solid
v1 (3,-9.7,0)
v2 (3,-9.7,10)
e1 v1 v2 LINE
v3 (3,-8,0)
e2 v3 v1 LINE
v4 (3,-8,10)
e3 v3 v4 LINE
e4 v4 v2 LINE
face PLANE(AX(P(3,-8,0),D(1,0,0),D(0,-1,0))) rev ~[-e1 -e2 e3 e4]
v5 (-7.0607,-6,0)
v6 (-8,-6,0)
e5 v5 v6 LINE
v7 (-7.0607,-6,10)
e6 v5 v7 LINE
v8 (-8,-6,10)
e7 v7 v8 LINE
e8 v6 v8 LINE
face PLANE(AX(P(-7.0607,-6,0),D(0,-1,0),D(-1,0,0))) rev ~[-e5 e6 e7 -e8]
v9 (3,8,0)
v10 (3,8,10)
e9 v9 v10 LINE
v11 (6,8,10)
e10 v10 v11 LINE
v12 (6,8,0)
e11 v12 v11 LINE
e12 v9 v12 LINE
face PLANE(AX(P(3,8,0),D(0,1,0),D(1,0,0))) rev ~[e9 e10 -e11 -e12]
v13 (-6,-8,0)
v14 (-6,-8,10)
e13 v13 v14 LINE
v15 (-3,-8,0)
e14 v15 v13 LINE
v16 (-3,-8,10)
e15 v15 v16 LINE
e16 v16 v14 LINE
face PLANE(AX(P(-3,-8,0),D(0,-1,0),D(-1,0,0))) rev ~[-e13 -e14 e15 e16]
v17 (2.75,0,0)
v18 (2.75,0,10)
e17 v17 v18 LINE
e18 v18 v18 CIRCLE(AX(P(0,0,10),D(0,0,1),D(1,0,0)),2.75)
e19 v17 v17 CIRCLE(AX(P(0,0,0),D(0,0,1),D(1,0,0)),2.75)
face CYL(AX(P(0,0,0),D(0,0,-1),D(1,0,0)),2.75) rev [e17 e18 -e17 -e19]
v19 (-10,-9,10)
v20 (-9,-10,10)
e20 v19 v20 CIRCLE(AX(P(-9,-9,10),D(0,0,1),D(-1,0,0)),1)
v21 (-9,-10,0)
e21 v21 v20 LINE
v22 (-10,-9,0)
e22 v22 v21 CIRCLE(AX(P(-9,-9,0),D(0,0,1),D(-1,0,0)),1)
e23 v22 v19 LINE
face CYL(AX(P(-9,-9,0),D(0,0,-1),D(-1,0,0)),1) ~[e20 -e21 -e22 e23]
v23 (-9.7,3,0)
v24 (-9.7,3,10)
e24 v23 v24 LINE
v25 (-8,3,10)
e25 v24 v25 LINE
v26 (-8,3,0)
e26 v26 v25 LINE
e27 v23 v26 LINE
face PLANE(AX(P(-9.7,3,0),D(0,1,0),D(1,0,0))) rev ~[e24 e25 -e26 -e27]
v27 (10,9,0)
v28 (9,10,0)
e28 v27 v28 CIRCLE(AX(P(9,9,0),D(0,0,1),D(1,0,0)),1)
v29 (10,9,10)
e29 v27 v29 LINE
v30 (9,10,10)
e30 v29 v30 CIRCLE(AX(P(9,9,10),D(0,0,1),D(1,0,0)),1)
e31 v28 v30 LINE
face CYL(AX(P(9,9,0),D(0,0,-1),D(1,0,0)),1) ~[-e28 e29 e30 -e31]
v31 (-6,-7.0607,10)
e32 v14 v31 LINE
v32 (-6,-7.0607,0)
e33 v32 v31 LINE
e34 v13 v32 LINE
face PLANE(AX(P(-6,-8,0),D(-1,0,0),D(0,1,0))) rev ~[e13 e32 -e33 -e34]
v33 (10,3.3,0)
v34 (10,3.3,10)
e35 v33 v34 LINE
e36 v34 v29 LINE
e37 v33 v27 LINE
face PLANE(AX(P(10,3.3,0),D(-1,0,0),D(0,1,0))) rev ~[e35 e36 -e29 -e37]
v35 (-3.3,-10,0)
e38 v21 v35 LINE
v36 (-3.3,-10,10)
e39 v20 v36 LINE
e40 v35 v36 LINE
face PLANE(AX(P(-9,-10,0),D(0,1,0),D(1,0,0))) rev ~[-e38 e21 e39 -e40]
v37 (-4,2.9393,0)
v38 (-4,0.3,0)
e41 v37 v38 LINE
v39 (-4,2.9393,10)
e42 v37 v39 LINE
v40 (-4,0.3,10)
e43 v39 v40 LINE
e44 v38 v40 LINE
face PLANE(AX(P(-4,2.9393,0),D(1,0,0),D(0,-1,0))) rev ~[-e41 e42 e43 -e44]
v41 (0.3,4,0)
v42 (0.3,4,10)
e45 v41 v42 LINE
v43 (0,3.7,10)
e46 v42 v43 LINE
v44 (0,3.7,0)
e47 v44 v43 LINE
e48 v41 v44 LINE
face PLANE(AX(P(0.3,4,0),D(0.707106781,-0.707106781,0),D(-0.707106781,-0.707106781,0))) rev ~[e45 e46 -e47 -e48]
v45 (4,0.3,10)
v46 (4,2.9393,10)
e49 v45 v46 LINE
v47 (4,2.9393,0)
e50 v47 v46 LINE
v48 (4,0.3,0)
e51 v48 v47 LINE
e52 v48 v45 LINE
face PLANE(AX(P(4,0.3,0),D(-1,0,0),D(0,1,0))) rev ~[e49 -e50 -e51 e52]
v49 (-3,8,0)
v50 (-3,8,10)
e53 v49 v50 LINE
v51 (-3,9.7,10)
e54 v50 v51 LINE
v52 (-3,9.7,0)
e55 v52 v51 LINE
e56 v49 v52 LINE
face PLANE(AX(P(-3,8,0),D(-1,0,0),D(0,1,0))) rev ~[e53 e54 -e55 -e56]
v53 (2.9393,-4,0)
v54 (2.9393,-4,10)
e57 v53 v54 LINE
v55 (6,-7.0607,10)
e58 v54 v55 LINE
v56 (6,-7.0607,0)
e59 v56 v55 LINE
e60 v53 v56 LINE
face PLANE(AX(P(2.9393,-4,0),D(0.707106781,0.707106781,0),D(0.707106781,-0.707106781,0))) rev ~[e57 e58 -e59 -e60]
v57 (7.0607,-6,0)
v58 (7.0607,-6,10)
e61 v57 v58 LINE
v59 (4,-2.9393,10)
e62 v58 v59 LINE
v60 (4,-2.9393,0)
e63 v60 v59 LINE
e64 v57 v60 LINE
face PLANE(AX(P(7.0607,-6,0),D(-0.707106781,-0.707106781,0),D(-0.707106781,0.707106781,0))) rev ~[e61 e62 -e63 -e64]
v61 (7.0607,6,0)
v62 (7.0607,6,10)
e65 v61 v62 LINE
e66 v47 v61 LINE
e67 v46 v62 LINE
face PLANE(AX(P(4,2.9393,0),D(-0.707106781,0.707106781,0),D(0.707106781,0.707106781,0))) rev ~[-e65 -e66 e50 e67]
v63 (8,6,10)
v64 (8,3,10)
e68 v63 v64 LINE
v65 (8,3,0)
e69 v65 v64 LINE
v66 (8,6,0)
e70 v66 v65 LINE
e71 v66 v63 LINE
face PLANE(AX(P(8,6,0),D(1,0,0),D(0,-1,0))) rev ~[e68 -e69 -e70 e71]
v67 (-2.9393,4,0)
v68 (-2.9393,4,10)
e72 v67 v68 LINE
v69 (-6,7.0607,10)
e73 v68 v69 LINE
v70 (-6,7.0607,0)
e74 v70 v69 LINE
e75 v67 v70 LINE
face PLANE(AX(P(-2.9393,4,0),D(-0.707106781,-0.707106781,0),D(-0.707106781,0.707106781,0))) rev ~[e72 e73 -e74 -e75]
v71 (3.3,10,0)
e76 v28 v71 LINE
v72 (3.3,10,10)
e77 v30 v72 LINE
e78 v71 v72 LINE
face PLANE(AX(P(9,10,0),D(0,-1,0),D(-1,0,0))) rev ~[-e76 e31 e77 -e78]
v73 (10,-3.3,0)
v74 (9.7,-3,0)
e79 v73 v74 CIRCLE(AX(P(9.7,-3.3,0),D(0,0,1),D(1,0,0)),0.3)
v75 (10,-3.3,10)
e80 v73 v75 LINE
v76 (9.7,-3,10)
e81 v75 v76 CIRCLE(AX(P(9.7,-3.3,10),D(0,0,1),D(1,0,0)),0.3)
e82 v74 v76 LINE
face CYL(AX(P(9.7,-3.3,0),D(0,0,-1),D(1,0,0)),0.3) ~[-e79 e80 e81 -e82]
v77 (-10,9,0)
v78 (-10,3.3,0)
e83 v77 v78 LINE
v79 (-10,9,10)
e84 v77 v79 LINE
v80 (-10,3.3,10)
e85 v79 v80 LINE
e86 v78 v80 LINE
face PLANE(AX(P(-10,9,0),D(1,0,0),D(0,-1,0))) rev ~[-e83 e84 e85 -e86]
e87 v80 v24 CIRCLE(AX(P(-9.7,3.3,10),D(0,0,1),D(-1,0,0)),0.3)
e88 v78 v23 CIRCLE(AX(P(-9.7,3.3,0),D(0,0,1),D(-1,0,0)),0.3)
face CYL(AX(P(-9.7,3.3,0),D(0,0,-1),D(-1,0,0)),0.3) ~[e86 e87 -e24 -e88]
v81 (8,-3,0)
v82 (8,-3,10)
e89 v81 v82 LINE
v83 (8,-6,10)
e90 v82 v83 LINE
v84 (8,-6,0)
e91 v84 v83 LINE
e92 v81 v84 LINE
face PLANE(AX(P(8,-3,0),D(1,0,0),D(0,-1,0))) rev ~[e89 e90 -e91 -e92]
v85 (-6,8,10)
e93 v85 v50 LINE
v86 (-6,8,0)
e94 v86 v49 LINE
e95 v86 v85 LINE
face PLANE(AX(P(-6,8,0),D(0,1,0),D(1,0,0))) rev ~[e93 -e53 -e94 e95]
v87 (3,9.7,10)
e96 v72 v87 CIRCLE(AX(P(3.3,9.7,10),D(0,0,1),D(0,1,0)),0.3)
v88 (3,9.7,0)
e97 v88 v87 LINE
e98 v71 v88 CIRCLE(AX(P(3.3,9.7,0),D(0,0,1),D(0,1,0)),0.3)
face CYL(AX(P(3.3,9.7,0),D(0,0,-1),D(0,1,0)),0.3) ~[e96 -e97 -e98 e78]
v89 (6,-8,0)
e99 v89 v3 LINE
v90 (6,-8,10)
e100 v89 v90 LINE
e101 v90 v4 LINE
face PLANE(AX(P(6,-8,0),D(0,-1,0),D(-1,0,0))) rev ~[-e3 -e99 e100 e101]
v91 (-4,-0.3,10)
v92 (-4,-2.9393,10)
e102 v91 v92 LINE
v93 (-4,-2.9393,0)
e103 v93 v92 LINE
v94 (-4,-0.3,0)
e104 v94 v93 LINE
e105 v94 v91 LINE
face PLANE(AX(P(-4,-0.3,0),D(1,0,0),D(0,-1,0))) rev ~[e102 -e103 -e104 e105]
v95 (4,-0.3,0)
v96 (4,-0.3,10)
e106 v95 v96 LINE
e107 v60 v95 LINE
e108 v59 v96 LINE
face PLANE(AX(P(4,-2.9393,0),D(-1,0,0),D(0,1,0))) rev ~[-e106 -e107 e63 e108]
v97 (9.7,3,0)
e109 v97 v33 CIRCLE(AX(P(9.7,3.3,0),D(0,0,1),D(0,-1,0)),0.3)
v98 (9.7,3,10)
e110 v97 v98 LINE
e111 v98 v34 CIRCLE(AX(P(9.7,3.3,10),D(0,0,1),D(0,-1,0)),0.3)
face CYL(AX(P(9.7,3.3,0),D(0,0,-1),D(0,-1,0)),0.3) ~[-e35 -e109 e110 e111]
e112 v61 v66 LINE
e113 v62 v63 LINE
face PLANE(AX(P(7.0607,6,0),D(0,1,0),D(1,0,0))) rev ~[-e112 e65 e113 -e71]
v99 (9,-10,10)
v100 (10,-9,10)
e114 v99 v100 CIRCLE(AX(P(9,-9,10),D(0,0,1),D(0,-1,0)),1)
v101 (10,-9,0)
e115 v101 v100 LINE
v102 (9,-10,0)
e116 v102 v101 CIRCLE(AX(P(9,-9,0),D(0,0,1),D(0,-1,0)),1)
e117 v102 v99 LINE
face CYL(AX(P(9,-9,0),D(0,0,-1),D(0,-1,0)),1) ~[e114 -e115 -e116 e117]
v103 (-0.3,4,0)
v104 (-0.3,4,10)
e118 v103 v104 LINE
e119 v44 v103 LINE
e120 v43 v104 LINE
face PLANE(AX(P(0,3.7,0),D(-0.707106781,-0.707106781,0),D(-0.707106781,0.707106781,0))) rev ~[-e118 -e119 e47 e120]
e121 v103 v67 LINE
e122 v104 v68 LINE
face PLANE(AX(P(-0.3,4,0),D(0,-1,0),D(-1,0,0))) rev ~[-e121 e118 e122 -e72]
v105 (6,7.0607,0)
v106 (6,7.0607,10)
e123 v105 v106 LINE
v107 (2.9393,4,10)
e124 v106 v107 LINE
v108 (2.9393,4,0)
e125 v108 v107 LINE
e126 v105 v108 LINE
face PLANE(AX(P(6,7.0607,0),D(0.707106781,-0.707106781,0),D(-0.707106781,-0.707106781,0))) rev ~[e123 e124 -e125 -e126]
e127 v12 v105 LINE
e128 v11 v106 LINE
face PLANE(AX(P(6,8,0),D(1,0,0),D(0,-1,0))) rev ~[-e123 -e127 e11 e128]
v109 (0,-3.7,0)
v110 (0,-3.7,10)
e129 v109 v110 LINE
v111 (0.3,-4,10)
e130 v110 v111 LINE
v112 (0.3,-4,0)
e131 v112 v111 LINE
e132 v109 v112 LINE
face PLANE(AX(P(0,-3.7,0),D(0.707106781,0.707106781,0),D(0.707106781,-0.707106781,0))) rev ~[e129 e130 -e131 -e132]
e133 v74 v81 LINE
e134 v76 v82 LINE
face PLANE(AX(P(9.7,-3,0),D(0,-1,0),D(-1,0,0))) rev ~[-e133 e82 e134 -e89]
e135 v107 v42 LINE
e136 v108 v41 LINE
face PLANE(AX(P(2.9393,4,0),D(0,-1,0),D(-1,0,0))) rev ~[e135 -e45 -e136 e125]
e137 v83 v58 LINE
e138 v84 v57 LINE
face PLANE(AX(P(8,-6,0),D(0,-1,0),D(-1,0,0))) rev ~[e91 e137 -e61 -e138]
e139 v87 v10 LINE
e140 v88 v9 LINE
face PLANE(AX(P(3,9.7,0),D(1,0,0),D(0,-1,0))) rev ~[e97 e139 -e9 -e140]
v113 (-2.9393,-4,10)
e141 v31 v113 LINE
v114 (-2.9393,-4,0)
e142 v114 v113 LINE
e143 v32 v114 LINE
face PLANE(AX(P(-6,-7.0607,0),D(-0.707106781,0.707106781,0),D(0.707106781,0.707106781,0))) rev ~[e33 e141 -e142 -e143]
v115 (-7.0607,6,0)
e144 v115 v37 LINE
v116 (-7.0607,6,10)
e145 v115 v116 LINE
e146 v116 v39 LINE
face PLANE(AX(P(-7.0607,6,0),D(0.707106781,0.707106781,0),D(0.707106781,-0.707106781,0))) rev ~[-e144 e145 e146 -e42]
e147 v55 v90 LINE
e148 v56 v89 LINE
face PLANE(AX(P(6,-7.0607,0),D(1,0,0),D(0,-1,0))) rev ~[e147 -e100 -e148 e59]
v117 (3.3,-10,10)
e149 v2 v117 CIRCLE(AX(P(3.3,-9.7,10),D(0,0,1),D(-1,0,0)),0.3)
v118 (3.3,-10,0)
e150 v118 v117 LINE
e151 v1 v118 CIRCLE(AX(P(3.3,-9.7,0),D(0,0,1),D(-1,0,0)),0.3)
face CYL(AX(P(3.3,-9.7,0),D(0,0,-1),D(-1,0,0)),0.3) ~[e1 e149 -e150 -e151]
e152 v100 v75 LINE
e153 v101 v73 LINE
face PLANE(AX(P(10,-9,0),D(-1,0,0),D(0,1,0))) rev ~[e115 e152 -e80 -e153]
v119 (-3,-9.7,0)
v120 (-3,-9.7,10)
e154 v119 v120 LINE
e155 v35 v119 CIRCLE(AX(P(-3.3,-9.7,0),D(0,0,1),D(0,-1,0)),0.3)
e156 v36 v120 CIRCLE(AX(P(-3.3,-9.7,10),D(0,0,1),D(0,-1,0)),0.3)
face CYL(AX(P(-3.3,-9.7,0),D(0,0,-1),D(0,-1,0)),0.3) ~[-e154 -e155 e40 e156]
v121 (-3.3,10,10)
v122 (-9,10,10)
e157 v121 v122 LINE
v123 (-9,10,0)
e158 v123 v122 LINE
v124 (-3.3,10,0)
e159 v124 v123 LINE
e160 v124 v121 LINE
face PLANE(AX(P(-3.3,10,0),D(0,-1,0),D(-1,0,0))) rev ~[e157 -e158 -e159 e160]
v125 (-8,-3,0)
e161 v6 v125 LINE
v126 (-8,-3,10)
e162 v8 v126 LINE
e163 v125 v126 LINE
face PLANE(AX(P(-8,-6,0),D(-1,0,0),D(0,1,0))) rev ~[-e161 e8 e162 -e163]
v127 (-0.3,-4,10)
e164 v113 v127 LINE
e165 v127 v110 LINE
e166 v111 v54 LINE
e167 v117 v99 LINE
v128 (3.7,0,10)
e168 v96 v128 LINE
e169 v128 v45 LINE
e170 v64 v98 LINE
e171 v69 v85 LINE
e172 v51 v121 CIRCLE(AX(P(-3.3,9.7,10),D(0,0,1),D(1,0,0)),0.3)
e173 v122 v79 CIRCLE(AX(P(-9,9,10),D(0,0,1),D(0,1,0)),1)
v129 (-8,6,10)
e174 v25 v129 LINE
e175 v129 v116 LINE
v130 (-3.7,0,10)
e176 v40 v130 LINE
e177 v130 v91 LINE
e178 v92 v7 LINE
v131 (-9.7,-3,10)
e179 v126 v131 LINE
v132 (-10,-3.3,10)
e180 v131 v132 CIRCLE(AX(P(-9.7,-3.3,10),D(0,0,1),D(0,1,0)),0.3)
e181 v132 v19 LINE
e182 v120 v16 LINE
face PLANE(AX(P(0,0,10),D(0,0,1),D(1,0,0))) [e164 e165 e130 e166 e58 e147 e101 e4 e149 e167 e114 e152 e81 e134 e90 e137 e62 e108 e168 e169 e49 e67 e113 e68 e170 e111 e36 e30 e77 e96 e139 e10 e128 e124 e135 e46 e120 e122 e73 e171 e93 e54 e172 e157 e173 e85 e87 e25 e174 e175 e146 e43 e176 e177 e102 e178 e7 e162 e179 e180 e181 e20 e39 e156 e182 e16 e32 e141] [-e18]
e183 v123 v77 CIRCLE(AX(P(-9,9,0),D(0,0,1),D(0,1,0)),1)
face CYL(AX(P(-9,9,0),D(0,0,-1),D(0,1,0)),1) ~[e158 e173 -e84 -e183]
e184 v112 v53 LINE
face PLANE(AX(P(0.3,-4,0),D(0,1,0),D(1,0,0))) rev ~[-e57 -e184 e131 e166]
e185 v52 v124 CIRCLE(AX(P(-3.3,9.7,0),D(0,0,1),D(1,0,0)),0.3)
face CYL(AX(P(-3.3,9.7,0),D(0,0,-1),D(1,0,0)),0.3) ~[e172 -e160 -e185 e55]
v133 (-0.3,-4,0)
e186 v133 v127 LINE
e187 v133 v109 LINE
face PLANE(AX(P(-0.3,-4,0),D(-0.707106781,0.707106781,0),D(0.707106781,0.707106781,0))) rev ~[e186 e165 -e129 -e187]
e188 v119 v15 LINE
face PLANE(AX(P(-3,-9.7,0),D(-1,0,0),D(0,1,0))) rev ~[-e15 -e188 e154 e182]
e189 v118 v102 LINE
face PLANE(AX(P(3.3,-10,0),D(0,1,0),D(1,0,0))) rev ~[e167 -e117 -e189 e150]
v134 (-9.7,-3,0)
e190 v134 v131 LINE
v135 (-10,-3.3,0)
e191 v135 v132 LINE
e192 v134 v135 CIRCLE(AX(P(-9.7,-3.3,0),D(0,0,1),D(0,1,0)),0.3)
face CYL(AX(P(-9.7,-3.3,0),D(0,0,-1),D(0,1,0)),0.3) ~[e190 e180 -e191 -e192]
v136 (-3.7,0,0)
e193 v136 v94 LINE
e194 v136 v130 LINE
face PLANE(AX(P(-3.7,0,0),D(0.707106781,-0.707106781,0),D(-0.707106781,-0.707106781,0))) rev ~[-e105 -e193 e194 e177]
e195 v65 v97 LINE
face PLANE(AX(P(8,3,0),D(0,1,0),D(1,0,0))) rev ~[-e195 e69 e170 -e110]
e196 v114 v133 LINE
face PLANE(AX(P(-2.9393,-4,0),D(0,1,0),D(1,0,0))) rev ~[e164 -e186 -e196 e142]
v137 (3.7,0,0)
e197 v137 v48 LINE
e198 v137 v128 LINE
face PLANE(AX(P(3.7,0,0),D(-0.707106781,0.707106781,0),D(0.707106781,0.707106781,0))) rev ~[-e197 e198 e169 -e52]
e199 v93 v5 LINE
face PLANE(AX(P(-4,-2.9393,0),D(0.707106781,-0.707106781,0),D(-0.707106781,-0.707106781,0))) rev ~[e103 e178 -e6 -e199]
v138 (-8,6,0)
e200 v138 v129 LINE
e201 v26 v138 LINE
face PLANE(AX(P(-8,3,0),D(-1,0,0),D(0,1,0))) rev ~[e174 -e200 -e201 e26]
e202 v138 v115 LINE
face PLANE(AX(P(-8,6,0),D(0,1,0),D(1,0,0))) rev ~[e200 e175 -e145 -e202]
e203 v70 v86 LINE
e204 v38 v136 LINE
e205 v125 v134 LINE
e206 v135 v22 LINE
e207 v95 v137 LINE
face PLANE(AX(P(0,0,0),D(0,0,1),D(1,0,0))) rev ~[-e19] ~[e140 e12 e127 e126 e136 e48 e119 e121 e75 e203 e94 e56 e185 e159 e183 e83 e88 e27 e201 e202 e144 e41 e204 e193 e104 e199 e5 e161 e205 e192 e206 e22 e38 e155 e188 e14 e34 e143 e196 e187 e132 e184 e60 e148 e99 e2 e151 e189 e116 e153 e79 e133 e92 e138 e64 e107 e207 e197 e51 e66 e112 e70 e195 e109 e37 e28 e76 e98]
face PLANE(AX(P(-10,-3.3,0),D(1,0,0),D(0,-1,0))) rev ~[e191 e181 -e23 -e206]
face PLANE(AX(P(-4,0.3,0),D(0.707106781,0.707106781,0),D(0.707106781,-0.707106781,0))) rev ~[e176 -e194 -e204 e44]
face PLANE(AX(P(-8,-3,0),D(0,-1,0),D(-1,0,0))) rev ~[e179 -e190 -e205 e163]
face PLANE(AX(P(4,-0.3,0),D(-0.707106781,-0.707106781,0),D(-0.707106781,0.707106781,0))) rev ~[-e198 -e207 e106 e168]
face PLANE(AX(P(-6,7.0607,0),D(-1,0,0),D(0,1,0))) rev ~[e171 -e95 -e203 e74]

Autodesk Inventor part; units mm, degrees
ref_plane "Startebene" through (0, 0, 0) normal (0, 0, 1) x (1, 0, 0)
ref_plane "Endebene" through (0, 0, 320) normal (0, 0, 1) x (1, 0, 0)
ref_plane "Startebene1" through (0, 0, 0) normal (0, 0, 1) x (1, 0, 0)
ref_plane "Endebene1" through (0, 0, 10) normal (0, 0, 1) x (1, 0, 0)
ref_plane "Startebene2" through (0, 0, 0) normal (0, 0, 1) x (1, 0, 0)
ref_plane "Endebene2" through (0, 0, 10) normal (0, 0, 1) x (1, 0, 0)
sketch "Skizze" plane through (0, 0, 0) normal (0, 0, 1) x (1, 0, 0)
  line L0 (-10, 9) -> (-10, 3.3)
  arc A0 (-10, 3.3) -> (-9.7, 3) centre (-9.7, 3.3) ccw
  line L1 (-9.7, 3) -> (-8, 3)
  line L2 (-8, 3) -> (-8, 6)
  line L3 (-8, 6) -> (-7.0607, 6)
  line L4 (-7.0607, 6) -> (-4, 2.9393)
  line L5 (-4, 2.9393) -> (-4, 0.3)
  line L6 (-4, 0.3) -> (-3.7, 0)
  line L7 (-3.7, 0) -> (-4, -0.3)
  line L8 (-4, -0.3) -> (-4, -2.9393)
  line L9 (-4, -2.9393) -> (-7.0607, -6)
  line L10 (-7.0607, -6) -> (-8, -6)
  line L11 (-8, -6) -> (-8, -3)
  line L12 (-8, -3) -> (-9.7, -3)
  arc A1 (-9.7, -3) -> (-10, -3.3) centre (-9.7, -3.3) ccw
  line L13 (-10, -3.3) -> (-10, -9)
  arc A2 (-10, -9) -> (-9, -10) centre (-9, -9) ccw
  line L14 (-9, -10) -> (-3.3, -10)
  arc A3 (-3.3, -10) -> (-3, -9.7) centre (-3.3, -9.7) ccw
  line L15 (-3, -9.7) -> (-3, -8)
  line L16 (-3, -8) -> (-6, -8)
  line L17 (-6, -8) -> (-6, -7.0607)
  line L18 (-6, -7.0607) -> (-2.9393, -4)
  line L19 (-2.9393, -4) -> (-0.3, -4)
  line L20 (-0.3, -4) -> (0, -3.7)
  line L21 (0, -3.7) -> (0.3, -4)
  line L22 (0.3, -4) -> (2.9393, -4)
  line L23 (2.9393, -4) -> (6, -7.0607)
  line L24 (6, -7.0607) -> (6, -8)
  line L25 (6, -8) -> (3, -8)
  line L26 (3, -8) -> (3, -9.7)
  arc A4 (3, -9.7) -> (3.3, -10) centre (3.3, -9.7) ccw
  line L27 (3.3, -10) -> (9, -10)
  arc A5 (9, -10) -> (10, -9) centre (9, -9) ccw
  line L28 (10, -9) -> (10, -3.3)
  arc A6 (10, -3.3) -> (9.7, -3) centre (9.7, -3.3) ccw
  line L29 (9.7, -3) -> (8, -3)
  line L30 (8, -3) -> (8, -6)
  line L31 (8, -6) -> (7.0607, -6)
  line L32 (7.0607, -6) -> (4, -2.9393)
  line L33 (4, -2.9393) -> (4, -0.3)
  line L34 (4, -0.3) -> (3.7, 0)
  line L35 (3.7, 0) -> (4, 0.3)
  line L36 (4, 0.3) -> (4, 2.9393)
  line L37 (4, 2.9393) -> (7.0607, 6)
  line L38 (7.0607, 6) -> (8, 6)
  line L39 (8, 6) -> (8, 3)
  line L40 (8, 3) -> (9.7, 3)
  arc A7 (9.7, 3) -> (10, 3.3) centre (9.7, 3.3) ccw
  line L41 (10, 3.3) -> (10, 9)
  arc A8 (10, 9) -> (9, 10) centre (9, 9) ccw
  line L42 (9, 10) -> (3.3, 10)
  arc A9 (3.3, 10) -> (3, 9.7) centre (3.3, 9.7) ccw
  line L43 (3, 9.7) -> (3, 8)
  line L44 (3, 8) -> (6, 8)
  line L45 (6, 8) -> (6, 7.0607)
  line L46 (6, 7.0607) -> (2.9393, 4)
  line L47 (2.9393, 4) -> (0.3, 4)
  line L48 (0.3, 4) -> (0, 3.7)
  line L49 (0, 3.7) -> (-0.3, 4)
  line L50 (-0.3, 4) -> (-2.9393, 4)
  line L51 (-2.9393, 4) -> (-6, 7.0607)
  line L52 (-6, 7.0607) -> (-6, 8)
  line L53 (-6, 8) -> (-3, 8)
  line L54 (-3, 8) -> (-3, 9.7)
  arc A10 (-3, 9.7) -> (-3.3, 10) centre (-3.3, 9.7) ccw
  line L55 (-3.3, 10) -> (-9, 10)
  arc A11 (-9, 10) -> (-10, 9) centre (-9, 9) ccw
  circle A12 centre (0, 0) radius 2.75
  dimension "d2" = 5.5
  dimension "d3" = 10
  dimension "d4" = 10
  dimension "d5" = 5.7
  dimension "d6" = 5.7
  dimension "d7" = 1.7
  dimension "d8" = 3
  dimension "d9" = 0.3
  dimension "d10" = 90
  dimension "d11" = 45
  dimension "d12" = 45
  dimension "d13" = 45
  dimension "d14" = 90
  dimension "d15" = 90
  dimension "d16" = 45
  dimension "d17" = 45
  dimension "d18" = 45
  dimension "d19" = 45
  dimension "d20" = 90
  dimension "d21" = 90
  dimension "d22" = 45
  dimension "d23" = 45
  dimension "d24" = 90
  dimension "d25" = 90
  dimension "d26" = 90
  dimension "d27" = 90
  dimension "d28" = 90
  dimension "d29" = 90
  dimension "d30" = 90
  dimension "d31" = 90
  dimension "d32" = 90
  dimension "d33" = 90
  dimension "d34" = 90
  dimension "d35" = 90
  dimension "d36" = 90
  dimension "d37" = 90
  dimension "d38" = 90
  dimension "d39" = 4
  dimension "d40" = 6
  dimension "d41" = 13
  dimension "d42" = 14
  dimension "d43" = 16
  dimension "d44" = 18
  dimension "d45" = 3
  dimension "d46" = 9
  dimension "d47" = 7
  dimension "d48" = 1
  dimension "d49" = 7
  dimension "d50" = 1.5
  dimension "d51" = 1.8663
  dimension "d52" = 3.3663
  dimension "d53" = 1.5
  dimension "d54" = 1.8663
  dimension "d55" = 3.3663
  dimension "d56" = 4
  dimension "d57" = 10.8187
  dimension "d58" = 1.9092
  dimension "d59" = 5
  dimension "d60" = 13
  dimension "d61" = 13
  dimension "d62" = 16.0513
  dimension "d63" = 3.3234
  dimension "d64" = 14
  dimension "d65" = 12.685
extrude "Körper" add sketch "Skizze" along normal up to surface (10 mm away) from surface at 0
sketch "Skizze13" plane through (0, 0, 0) normal (0, 0, 1) x (1, 0, 0)
  line L0 (0, 0) -> (10, 0)
ref_plane "Arbeitsebene12" through (0, 0, 0) normal (0, -1, 0) x (1, 0, 0)
sketch "Skizze14" plane through (0, 0, 0) normal (0, -1, 0) x (1, 0, 0)
  line L0 (-2, 0) -> (12, 0)
  line L1 (-2, 10) -> (12, 10)
  dimension "d80" = 10
equation "\"G_OFFSET_START\" = 0"
equation "\"G_OFFSET_END\" = 0"
equation "\"G_L\" = d80"
equation "\"G_OFFSET_START1\" = 0"
equation "\"G_OFFSET_END1\" = 0"
equation "\"G_OFFSET_START2\" = 0"
equation "\"G_OFFSET_END2\" = 0"
properties part number "Alu Profil 20x20 - AP2020" material "Aluminium 6061"
